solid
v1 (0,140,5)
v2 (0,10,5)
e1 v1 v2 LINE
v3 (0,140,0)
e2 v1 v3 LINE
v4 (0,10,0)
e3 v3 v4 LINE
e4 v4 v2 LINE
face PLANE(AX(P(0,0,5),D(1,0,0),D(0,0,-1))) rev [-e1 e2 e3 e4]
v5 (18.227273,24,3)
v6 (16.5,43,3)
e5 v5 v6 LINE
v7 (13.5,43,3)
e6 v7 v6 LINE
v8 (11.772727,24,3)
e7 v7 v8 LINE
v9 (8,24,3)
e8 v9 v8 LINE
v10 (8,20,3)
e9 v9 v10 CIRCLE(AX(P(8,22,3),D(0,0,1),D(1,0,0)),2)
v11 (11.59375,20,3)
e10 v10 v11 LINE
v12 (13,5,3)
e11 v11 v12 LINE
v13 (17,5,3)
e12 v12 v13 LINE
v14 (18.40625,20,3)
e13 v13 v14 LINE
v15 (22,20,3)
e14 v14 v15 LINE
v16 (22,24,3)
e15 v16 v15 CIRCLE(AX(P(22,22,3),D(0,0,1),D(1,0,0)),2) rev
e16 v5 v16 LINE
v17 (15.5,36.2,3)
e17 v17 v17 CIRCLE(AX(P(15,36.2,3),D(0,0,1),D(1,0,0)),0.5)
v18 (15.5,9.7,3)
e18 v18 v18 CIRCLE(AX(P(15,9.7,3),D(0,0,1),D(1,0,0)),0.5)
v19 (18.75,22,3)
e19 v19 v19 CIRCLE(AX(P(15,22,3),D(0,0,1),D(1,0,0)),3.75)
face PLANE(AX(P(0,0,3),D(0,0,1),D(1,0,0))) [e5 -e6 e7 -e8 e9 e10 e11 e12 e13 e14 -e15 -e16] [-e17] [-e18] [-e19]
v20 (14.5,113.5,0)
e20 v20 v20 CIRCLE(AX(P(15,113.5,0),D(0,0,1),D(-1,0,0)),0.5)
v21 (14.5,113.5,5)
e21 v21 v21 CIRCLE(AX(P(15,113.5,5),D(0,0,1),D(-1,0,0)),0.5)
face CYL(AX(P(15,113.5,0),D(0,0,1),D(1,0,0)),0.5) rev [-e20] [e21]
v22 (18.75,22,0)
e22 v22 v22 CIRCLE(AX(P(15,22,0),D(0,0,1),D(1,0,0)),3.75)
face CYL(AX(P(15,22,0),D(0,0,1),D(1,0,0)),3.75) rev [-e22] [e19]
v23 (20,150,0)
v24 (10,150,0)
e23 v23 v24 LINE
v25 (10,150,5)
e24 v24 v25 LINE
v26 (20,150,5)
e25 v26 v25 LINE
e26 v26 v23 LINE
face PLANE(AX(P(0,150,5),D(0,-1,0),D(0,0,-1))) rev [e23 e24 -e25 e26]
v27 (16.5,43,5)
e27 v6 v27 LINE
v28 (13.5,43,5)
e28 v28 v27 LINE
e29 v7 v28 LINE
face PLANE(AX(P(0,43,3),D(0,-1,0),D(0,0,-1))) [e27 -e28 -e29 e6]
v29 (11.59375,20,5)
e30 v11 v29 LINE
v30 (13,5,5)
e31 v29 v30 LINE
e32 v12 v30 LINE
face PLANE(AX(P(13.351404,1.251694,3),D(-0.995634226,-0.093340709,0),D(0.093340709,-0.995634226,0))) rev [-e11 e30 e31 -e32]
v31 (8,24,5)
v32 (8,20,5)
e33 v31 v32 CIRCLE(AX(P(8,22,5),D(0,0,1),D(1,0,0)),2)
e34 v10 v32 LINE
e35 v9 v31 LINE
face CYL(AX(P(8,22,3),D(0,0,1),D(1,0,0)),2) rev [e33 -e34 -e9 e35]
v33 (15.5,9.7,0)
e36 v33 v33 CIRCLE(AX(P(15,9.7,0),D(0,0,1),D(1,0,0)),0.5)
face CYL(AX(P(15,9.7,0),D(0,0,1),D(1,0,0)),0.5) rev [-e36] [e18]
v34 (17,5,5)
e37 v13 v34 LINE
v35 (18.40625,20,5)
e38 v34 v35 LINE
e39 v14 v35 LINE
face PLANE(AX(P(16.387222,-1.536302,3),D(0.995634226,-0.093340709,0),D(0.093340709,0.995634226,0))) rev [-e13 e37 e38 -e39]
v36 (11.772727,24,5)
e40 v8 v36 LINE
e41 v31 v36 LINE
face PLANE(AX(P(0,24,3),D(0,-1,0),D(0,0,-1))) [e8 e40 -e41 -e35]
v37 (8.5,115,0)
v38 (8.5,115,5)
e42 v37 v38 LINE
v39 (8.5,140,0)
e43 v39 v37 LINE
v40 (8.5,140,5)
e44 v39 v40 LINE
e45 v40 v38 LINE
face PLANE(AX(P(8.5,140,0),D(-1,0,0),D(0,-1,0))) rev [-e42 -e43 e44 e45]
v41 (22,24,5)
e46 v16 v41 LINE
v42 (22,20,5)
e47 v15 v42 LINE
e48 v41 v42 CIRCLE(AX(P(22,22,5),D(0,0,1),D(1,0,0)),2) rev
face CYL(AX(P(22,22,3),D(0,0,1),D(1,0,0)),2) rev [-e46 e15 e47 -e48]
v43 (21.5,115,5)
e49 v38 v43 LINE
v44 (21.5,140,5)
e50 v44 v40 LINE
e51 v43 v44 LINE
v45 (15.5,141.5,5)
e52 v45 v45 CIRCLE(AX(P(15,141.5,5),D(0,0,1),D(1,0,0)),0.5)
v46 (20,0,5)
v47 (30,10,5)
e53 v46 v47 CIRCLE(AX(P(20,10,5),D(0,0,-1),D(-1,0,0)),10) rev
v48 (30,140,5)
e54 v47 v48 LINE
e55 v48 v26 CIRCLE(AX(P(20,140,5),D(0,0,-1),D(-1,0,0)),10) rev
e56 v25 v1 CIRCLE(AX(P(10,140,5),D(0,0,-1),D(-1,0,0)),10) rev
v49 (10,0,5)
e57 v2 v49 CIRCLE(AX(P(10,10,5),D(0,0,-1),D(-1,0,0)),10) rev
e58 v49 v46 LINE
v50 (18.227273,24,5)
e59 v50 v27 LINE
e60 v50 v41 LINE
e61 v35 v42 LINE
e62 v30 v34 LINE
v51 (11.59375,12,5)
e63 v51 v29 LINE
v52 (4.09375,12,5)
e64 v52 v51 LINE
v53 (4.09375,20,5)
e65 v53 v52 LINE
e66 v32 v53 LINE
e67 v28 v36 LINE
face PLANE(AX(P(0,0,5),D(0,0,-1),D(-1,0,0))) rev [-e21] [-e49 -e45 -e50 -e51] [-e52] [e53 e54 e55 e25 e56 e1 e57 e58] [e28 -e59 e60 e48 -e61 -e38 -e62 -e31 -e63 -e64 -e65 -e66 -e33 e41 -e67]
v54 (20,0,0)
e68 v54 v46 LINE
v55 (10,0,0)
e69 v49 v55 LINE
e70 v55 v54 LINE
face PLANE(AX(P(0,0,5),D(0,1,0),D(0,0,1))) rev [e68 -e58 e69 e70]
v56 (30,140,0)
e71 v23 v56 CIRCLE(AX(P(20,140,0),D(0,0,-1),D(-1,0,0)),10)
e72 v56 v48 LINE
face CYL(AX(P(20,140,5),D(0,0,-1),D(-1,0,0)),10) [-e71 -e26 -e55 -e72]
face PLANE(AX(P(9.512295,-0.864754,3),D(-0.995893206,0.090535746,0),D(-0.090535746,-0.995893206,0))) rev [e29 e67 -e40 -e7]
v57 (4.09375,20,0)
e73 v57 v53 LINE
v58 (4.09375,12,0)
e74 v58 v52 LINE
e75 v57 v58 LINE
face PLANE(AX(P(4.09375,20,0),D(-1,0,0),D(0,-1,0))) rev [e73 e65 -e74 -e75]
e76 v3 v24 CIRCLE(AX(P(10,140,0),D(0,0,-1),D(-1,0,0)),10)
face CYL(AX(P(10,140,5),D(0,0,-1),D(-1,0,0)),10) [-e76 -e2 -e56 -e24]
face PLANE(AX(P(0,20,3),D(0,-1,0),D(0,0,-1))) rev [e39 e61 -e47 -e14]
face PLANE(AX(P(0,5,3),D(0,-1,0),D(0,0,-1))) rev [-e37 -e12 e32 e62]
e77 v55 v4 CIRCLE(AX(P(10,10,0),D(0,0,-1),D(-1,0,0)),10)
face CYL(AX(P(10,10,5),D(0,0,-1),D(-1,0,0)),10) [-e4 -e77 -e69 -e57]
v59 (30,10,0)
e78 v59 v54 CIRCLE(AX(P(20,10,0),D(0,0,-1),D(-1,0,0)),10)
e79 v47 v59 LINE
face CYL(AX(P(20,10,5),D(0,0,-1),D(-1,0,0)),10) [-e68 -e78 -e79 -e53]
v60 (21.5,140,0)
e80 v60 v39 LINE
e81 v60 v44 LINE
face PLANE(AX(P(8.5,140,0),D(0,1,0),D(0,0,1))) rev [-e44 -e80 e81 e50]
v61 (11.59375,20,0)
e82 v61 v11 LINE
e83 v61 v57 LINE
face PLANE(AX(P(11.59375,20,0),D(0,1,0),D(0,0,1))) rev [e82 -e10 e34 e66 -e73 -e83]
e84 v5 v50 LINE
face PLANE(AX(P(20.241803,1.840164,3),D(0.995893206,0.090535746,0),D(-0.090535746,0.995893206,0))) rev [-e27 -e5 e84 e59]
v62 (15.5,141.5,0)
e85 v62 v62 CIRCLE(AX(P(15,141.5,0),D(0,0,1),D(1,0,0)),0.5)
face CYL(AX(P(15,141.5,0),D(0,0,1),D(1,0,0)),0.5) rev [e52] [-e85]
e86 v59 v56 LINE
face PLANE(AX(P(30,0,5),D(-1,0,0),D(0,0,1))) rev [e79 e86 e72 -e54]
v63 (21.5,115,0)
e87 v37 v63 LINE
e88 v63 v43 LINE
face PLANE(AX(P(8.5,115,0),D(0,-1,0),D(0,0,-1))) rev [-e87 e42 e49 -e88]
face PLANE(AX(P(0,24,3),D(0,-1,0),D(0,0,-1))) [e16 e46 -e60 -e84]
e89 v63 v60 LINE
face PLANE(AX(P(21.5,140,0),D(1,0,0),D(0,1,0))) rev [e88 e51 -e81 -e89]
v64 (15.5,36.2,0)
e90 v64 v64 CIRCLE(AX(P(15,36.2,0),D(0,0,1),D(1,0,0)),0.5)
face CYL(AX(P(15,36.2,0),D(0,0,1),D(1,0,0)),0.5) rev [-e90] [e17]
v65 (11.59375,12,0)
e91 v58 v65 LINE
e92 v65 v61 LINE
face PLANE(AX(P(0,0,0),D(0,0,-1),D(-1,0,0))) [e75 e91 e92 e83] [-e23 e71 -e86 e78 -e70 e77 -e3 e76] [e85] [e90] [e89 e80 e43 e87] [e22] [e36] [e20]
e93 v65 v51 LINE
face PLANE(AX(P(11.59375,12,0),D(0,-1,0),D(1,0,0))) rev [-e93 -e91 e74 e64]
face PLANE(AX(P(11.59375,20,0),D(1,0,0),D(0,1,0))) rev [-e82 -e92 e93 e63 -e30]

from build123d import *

# Parameters (mm, degrees)
SKICA1_W                 = 30
SKICA1_H                 = 150
P_IDAT_VYSUNUT_M1_DEPTH  = 5
ZAOBLIT1_R               = 10
SKICA2_W                 = 13
SKICA2_H                 = 25
ODEBRAT_VYSUNUT_M1_DEPTH = 6
SKICA3_R                 = 0.5
ODEBRAT_VYSUNUT_M2_DEPTH = 6
ODEBRAT_VYSUNUT_M3_DEPTH = 2
SKICA5_R                 = 0.5
ODEBRAT_VYSUNUT_M4_DEPTH = 4
SKICA6_R                 = 3.75
ODEBRAT_VYSUNUT_M5_DEPTH = 4
SKICA7_W                 = 7.5
SKICA7_H                 = 8
ODEBRAT_VYSUNUT_M6_DEPTH = 6


with BuildPart() as part:
    # Skica1 → Přidat vysunutím1 (new body)
    with BuildSketch(Plane.XY):
        with Locations((15, 75)):
            Rectangle(SKICA1_W, SKICA1_H)
    extrude(amount=P_IDAT_VYSUNUT_M1_DEPTH)

    # Zaoblit1
    zaoblit1_edges = [part.edges().sort_by_distance(p)[0] for p in [
        (0, 150, 2.5),
        (30, 150, 2.5),
        (30, 0, 2.5),
        (0, 0, 2.5),
    ]]
    fillet(zaoblit1_edges, radius=ZAOBLIT1_R)

    # Skica2 → Odebrat vysunutím1 (cut, through all)
    with BuildSketch(Plane.XY.offset(5)):
        with Locations((15, 127.5)):
            Rectangle(SKICA2_W, SKICA2_H)
    extrude(amount=-ODEBRAT_VYSUNUT_M1_DEPTH, mode=Mode.SUBTRACT)

    # Skica3 → Odebrat vysunutím2 (cut, through all)
    with BuildSketch(Plane.XY.offset(5)):
        with Locations((15, 141.5)):
            Circle(SKICA3_R)
        with Locations((15, 113.5)):
            Circle(SKICA3_R)
    extrude(amount=-ODEBRAT_VYSUNUT_M2_DEPTH, mode=Mode.SUBTRACT)

    # Skica4 → Odebrat vysunutím3 (cut)
    with BuildSketch(Plane.XY.offset(5)):
        Polygon((18.40625, 20), (11.59375, 20), (13, 5), (17, 5), align=None)
        Polygon((18.5, 21), (11.5, 21), (11.59375, 20), (18.40625, 20), align=None)
        Polygon((11.59375, 20), (11.5, 21), (11.772727273, 24), (8, 24), (8, 20), align=None)
        Polygon((11.772727273, 24), (11.5, 21), (18.5, 21), (18.227272727, 24), align=None)
        Polygon((18.227272727, 24), (18.5, 21), (18.40625, 20), (22, 20), (22, 24), align=None)
        with BuildLine():
            ThreePointArc((22, 24), (24, 22), (22, 20))
            Line((22, 20), (22, 24))
        make_face()
        with BuildLine():
            Line((8, 24), (8, 20))
            ThreePointArc((8, 20), (6, 22), (8, 24))
        make_face()
        Polygon((13.5, 43), (11.772727273, 24), (18.227272727, 24), (16.5, 43), align=None)
    extrude(amount=-ODEBRAT_VYSUNUT_M3_DEPTH, mode=Mode.SUBTRACT)

    # Skica5 → Odebrat vysunutím4 (cut, through all)
    with BuildSketch(Plane.XY.offset(3)):
        with Locations((15, 36.2)):
            Circle(SKICA5_R)
        with Locations((15, 9.7)):
            Circle(SKICA5_R)
    extrude(amount=-ODEBRAT_VYSUNUT_M4_DEPTH, mode=Mode.SUBTRACT)

    # Skica6 → Odebrat vysunutím5 (cut, through all)
    with BuildSketch(Plane.XY.offset(3)):
        with Locations((15, 22)):
            Circle(SKICA6_R)
    extrude(amount=-ODEBRAT_VYSUNUT_M5_DEPTH, mode=Mode.SUBTRACT)

    # Skica7 → Odebrat vysunutím6 (cut, through all)
    with BuildSketch(Plane.XY.offset(5)):
        with Locations((7.84375, 16)):
            Rectangle(SKICA7_W, SKICA7_H)
    extrude(amount=-ODEBRAT_VYSUNUT_M6_DEPTH, mode=Mode.SUBTRACT)


solid = part.part
